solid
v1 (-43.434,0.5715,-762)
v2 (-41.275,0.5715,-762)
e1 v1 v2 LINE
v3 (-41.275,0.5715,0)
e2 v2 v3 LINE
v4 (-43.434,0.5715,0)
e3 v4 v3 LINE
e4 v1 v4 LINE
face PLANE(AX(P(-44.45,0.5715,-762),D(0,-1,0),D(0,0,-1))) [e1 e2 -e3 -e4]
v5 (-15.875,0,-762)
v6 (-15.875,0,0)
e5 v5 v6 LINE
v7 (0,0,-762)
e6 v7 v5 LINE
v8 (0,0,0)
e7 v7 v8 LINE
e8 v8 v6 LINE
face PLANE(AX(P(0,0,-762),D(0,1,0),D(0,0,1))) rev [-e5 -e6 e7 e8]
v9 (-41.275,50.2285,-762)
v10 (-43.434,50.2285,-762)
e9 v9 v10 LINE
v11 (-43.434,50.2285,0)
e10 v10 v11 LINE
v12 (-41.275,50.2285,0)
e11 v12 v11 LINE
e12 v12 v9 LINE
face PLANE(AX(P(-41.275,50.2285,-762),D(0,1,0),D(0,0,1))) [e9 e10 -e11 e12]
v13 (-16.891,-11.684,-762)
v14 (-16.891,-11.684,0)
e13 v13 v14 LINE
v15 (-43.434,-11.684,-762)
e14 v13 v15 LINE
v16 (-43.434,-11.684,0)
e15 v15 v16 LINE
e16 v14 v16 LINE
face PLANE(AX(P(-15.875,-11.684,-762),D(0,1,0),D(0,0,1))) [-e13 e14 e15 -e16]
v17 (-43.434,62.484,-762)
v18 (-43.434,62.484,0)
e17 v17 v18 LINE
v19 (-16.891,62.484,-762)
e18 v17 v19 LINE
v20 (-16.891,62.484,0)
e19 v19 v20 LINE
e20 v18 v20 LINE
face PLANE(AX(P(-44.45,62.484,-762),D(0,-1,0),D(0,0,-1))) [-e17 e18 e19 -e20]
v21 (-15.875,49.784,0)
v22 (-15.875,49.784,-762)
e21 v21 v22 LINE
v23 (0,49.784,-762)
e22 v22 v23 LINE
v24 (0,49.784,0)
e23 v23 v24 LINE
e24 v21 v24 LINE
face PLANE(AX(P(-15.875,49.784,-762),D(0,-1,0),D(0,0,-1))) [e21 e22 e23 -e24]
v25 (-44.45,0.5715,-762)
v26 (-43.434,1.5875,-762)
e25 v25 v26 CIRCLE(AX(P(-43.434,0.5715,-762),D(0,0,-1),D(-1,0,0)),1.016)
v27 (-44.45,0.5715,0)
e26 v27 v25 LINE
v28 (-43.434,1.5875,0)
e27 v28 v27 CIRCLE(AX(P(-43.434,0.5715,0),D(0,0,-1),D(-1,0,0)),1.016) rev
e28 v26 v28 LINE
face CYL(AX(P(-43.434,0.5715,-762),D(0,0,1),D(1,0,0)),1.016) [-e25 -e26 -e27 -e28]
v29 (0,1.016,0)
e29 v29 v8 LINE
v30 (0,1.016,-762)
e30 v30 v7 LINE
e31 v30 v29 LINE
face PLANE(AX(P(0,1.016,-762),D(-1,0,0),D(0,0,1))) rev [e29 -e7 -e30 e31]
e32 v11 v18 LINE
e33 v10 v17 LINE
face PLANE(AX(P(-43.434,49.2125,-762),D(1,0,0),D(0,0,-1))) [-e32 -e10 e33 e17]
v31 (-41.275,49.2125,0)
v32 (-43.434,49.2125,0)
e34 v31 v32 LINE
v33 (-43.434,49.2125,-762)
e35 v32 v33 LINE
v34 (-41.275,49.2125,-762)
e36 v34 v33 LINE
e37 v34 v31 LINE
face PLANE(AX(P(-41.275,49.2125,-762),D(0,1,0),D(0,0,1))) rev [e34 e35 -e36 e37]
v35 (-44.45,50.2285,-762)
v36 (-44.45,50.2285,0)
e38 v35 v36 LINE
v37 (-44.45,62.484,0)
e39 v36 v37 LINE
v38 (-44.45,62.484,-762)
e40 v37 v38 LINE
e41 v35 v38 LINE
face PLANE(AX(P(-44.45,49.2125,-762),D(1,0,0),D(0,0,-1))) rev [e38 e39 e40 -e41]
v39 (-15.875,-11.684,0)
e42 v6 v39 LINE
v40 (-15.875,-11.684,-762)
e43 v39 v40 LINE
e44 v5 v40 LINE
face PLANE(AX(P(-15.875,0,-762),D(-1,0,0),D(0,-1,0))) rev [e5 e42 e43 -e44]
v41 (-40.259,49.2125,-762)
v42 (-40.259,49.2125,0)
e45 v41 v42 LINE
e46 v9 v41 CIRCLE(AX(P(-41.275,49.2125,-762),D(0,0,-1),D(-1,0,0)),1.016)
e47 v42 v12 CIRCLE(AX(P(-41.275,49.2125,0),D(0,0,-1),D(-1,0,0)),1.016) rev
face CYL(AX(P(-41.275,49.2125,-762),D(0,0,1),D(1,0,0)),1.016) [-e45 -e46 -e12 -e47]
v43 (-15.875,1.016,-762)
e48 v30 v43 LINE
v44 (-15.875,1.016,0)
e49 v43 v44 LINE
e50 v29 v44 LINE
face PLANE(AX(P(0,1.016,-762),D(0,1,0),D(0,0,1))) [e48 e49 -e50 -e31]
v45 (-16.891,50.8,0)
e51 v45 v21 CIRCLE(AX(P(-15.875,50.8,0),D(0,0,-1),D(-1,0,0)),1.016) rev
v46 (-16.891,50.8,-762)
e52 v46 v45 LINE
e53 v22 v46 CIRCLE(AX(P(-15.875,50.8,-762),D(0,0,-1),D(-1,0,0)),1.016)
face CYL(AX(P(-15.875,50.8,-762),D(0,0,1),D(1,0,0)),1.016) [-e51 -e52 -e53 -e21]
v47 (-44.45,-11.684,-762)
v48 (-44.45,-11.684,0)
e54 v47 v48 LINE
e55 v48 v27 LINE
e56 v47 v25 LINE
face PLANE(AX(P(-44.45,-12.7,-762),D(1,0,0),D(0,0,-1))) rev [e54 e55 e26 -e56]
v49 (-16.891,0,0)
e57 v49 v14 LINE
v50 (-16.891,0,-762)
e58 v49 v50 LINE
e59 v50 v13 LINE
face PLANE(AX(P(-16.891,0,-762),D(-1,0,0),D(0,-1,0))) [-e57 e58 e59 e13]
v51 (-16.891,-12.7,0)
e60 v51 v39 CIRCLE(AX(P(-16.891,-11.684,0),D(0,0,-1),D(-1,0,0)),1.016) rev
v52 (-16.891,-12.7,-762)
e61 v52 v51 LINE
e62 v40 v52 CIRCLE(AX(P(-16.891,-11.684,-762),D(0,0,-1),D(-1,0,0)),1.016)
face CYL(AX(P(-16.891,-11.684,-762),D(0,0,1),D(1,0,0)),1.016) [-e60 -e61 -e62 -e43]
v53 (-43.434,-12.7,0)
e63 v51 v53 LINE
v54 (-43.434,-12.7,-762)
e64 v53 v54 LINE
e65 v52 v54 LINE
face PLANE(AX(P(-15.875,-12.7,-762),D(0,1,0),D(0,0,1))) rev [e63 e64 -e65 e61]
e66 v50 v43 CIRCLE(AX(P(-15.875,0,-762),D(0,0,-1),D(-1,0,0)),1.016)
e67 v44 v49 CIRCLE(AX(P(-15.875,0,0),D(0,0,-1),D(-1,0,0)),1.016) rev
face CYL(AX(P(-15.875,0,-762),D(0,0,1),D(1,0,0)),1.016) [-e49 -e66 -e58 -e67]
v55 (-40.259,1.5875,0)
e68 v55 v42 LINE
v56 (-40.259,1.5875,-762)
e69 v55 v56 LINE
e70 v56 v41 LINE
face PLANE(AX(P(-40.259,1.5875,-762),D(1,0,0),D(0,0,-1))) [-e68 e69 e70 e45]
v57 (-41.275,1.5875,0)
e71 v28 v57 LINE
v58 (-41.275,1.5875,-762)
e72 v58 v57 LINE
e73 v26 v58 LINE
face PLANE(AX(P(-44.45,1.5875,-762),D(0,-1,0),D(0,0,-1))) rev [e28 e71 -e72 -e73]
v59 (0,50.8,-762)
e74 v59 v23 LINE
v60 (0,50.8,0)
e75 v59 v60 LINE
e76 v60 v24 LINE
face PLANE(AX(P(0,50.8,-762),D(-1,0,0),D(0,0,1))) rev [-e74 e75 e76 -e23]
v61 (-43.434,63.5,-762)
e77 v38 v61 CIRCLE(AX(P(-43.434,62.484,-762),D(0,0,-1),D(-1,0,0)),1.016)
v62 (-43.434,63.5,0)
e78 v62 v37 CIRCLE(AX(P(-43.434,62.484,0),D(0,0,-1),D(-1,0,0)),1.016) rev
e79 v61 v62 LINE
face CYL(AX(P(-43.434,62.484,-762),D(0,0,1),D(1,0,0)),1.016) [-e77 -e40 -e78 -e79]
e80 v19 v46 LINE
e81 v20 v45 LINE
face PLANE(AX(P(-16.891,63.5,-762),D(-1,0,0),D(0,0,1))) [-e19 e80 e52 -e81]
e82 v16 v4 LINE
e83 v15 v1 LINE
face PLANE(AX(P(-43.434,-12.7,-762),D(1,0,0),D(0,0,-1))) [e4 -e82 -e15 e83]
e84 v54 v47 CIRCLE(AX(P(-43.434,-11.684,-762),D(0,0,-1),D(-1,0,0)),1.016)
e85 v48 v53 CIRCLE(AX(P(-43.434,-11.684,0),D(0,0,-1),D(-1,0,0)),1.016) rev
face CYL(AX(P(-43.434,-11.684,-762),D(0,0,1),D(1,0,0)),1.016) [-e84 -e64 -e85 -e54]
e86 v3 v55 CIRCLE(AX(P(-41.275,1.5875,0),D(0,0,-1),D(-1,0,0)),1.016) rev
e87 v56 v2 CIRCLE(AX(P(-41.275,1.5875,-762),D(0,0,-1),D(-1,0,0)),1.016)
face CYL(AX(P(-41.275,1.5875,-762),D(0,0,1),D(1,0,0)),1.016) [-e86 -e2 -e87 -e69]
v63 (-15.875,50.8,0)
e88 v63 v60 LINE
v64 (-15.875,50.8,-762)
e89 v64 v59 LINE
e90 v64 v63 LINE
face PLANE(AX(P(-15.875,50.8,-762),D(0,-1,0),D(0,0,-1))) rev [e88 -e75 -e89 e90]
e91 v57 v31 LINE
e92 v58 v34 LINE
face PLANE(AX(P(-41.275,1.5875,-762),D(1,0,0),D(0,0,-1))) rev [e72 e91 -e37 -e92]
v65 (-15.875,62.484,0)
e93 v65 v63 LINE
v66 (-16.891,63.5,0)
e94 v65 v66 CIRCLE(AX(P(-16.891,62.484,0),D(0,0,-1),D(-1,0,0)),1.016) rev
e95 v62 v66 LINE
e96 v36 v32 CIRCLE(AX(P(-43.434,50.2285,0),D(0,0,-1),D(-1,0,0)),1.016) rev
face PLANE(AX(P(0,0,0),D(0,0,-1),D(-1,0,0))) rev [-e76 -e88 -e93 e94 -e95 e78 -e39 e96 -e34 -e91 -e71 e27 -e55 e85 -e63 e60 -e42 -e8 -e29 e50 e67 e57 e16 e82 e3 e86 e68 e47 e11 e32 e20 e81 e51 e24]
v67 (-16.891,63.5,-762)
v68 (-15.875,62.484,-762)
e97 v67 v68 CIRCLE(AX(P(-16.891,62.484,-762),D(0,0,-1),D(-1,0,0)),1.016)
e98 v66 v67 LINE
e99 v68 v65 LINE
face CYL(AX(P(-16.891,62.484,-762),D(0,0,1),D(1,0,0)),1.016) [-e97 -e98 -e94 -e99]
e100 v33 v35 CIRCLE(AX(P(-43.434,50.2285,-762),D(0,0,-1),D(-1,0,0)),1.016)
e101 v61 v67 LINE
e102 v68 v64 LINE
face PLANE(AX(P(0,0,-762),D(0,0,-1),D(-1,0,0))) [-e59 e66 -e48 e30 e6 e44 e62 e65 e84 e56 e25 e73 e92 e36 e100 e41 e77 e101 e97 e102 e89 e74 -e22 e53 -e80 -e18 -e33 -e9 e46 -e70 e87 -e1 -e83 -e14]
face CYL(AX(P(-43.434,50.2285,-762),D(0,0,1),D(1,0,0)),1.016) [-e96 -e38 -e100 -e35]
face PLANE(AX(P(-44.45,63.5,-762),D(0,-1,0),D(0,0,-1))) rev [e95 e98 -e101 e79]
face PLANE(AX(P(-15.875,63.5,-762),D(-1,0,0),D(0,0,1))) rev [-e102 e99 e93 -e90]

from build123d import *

# Parameters (mm, degrees)
EXTRUDE_THIN1_DEPTH = 762
FILLET1_R           = 1.016


with BuildPart() as part:
    # Sketch1 → Extrude-Thin1 (new body)
    with BuildSketch(Plane.XY):
        Polygon((0, 0), (-15.875, 0), (-15.875, -12.7), (-44.45, -12.7), (-44.45, 1.5875), (-41.275, 1.5875), (-41.275, 49.2125), (-44.45, 49.2125), (-44.45, 63.5), (-15.875, 63.5), (-15.875, 50.8), (0, 50.8), (0, 49.784), (-16.891, 49.784), (-16.891, 62.484), (-43.434, 62.484), (-43.434, 50.2285), (-40.259, 50.2285), (-40.259, 0.5715), (-43.434, 0.5715), (-43.434, -11.684), (-16.891, -11.684), (-16.891, 1.016), (0, 1.016), align=None)
    extrude(amount=-EXTRUDE_THIN1_DEPTH)

    # Fillet1
    fillet1_edges = [part.edges().sort_by_distance(p)[0] for p in [
        (-16.891, 49.784, -381),
        (-40.259, 50.2285, -381),
        (-40.259, 0.5715, -381),
        (-16.891, 1.016, -381),
        (-15.875, -12.7, -381),
        (-44.45, -12.7, -381),
        (-44.45, 1.5875, -381),
        (-44.45, 49.2125, -381),
        (-44.45, 63.5, -381),
        (-15.875, 63.5, -381),
    ]]
    fillet(fillet1_edges, radius=FILLET1_R)


solid = part.part
